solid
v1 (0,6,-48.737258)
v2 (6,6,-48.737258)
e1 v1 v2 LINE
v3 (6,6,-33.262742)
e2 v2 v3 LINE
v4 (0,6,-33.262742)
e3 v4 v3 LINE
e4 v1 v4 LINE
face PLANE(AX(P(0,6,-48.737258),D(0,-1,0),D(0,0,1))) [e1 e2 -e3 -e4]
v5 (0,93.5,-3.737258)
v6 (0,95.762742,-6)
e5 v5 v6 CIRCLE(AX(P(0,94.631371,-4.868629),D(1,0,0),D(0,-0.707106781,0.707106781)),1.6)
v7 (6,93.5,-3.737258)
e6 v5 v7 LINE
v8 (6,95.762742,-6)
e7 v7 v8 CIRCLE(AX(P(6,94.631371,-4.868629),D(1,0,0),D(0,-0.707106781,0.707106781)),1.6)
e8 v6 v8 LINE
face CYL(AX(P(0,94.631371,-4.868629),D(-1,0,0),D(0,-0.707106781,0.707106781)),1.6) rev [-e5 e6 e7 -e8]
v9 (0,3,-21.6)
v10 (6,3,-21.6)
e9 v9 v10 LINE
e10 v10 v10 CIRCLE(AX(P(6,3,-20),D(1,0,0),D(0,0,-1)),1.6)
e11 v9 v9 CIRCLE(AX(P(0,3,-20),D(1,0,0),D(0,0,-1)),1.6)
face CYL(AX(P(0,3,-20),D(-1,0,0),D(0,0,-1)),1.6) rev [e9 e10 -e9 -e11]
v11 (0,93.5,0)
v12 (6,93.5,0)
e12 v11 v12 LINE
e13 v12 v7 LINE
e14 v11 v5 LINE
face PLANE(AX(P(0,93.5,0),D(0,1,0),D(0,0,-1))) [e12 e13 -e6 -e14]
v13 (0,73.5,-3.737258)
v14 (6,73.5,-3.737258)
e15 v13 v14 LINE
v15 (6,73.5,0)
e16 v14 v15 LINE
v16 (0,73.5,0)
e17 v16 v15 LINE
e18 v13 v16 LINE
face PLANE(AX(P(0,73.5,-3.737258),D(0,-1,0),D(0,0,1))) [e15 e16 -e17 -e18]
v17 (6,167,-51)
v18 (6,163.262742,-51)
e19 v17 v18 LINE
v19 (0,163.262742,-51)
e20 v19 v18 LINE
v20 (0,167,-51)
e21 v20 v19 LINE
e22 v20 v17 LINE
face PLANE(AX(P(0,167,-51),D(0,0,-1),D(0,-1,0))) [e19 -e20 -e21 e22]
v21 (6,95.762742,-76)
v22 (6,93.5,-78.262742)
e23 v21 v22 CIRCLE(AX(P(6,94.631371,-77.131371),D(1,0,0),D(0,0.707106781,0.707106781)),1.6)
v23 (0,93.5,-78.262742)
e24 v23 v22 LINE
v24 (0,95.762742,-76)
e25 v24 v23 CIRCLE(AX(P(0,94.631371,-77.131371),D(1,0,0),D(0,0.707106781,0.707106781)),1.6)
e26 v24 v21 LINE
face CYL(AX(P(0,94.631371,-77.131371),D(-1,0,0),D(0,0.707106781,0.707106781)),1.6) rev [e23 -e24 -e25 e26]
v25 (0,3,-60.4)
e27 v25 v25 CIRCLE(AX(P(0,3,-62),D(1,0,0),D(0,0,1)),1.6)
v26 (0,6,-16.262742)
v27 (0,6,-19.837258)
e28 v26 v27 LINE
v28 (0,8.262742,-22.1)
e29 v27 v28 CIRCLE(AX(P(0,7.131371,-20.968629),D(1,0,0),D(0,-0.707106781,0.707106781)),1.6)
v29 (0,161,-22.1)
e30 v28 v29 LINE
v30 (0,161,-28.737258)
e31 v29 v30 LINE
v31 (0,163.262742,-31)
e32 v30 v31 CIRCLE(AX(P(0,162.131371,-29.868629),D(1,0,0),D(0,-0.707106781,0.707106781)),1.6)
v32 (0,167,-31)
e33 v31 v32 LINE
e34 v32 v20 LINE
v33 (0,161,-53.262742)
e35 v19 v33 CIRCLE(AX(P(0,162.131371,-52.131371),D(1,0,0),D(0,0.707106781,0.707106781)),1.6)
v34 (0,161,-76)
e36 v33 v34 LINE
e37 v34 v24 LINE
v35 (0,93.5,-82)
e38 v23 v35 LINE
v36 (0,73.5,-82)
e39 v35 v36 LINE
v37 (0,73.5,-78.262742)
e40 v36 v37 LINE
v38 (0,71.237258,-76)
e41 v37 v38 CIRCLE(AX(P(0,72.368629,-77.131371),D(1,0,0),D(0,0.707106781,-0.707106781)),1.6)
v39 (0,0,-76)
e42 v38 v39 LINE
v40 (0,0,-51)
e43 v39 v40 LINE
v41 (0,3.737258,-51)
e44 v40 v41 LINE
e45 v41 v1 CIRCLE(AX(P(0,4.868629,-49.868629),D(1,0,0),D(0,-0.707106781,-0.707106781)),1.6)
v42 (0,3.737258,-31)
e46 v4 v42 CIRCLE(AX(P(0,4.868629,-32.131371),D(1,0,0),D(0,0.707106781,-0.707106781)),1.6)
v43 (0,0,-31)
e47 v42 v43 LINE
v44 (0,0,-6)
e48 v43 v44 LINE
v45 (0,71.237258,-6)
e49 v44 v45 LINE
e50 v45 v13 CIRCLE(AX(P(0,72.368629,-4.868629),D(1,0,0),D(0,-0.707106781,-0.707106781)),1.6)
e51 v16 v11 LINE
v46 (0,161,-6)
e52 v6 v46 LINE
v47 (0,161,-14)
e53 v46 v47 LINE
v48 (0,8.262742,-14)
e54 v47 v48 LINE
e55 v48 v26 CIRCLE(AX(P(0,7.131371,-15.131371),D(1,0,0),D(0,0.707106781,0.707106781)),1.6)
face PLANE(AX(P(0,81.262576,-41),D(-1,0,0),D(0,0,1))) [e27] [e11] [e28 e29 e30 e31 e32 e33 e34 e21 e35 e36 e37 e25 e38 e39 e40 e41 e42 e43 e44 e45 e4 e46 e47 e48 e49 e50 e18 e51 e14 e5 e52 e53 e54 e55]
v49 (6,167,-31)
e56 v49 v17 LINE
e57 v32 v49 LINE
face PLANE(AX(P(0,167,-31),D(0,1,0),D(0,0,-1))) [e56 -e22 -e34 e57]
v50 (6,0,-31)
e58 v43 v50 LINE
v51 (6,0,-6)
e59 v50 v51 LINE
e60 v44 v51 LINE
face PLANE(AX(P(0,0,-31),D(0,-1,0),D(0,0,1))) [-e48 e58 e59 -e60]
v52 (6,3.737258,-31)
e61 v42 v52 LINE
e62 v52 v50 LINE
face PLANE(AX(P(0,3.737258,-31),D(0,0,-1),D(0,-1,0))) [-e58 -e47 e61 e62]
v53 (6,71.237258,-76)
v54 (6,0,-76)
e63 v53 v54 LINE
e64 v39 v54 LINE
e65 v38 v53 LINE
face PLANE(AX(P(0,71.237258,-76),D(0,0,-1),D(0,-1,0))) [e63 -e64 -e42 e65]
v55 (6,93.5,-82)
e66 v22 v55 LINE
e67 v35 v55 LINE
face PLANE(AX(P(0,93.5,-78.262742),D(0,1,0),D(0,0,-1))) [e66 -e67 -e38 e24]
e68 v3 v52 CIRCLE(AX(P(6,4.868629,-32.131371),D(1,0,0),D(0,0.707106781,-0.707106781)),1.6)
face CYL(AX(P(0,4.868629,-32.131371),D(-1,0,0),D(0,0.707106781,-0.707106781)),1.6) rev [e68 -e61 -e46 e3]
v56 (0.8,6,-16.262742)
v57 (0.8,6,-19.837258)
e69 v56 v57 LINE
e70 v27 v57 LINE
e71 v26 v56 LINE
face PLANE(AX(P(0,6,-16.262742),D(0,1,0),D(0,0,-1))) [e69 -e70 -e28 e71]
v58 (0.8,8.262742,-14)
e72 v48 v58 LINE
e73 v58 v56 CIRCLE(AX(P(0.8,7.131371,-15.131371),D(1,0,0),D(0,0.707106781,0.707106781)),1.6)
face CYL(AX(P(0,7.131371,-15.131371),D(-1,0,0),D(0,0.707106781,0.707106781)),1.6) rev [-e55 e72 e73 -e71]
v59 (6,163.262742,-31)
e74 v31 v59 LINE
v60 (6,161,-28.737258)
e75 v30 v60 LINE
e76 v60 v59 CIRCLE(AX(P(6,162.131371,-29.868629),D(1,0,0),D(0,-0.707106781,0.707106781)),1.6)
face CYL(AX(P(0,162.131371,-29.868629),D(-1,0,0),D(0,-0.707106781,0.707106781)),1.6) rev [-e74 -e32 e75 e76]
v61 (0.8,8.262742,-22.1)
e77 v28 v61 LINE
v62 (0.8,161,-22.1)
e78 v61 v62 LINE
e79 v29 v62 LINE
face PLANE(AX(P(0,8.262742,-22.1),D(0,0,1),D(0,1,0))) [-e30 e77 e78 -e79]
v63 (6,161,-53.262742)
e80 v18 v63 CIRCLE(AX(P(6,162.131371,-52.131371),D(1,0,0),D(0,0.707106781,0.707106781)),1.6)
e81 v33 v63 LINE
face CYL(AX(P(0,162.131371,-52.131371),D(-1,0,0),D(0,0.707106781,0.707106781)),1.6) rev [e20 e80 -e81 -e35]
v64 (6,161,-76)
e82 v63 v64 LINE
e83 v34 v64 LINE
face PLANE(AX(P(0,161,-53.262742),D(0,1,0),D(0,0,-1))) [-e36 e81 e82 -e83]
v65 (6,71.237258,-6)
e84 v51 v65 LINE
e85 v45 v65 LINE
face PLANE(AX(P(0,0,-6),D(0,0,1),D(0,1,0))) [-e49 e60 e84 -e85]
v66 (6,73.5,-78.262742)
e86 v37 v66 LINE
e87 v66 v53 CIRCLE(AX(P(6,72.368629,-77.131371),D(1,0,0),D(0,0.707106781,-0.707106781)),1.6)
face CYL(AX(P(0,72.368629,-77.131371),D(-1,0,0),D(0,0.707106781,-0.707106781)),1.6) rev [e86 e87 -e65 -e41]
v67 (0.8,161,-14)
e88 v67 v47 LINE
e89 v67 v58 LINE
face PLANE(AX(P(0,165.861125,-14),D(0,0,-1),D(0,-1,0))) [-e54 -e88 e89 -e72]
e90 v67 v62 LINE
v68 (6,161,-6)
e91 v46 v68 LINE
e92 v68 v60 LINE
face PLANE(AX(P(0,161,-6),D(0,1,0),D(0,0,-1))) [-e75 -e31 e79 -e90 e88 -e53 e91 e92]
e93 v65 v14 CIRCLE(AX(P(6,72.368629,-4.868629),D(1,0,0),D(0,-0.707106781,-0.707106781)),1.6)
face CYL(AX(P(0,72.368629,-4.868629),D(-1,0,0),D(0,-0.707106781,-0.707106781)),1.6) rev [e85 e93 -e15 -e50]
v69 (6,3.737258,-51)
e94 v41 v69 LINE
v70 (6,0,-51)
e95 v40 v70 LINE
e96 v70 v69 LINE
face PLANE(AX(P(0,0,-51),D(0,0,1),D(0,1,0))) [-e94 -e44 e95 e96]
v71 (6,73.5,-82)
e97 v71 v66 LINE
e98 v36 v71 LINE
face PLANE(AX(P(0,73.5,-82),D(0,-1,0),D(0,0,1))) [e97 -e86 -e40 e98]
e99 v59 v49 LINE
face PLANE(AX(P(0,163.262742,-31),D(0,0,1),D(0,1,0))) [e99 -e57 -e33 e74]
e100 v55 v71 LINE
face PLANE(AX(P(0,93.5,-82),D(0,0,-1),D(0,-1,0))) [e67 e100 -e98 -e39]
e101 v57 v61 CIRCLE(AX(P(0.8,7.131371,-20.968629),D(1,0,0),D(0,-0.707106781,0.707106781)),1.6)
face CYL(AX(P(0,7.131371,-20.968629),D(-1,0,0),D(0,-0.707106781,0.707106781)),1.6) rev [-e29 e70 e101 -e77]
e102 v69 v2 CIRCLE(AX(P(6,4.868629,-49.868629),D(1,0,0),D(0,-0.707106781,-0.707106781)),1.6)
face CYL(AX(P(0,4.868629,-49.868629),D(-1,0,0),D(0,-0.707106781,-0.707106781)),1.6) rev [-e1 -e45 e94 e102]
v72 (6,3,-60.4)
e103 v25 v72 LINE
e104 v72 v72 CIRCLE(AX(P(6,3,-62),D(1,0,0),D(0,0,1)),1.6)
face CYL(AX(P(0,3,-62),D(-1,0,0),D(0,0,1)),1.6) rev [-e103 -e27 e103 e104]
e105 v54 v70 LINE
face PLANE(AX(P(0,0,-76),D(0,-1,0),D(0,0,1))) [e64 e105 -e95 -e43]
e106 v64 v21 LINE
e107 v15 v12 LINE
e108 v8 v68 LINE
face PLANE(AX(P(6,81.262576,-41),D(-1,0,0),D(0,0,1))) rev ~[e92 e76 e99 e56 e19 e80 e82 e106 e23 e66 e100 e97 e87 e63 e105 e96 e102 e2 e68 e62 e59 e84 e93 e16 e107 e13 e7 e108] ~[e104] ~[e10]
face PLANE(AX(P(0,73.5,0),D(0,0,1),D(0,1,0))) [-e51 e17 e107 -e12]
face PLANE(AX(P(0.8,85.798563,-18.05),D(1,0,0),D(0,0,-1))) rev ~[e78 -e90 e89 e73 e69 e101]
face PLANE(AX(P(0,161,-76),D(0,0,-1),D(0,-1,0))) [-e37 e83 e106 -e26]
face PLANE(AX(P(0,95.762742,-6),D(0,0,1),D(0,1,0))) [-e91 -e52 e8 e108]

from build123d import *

# Parameters (mm, degrees)
ESQUISSE1_R             = 1.6
BOSS_EXTRU_1_DEPTH      = 6
ENL_V_MAT_EXTRU_1_DEPTH = 0.8


with BuildPart() as part:
    # Esquisse1 → Boss.-Extru.1 (new body)
    with BuildSketch(Plane(origin=(0, 0, 0), x_dir=(0, 0, -1), z_dir=(1, 0, 0))):
        with BuildLine():
            Line((3.7372583, 73.5), (0, 73.5))
            Line((0, 73.5), (0, 93.5))
            Line((0, 93.5), (3.7372583, 93.5))
            ThreePointArc((3.7372583, 93.5), (6, 93.5), (6, 95.7627417))
            Line((6, 95.7627417), (6, 161))
            Line((6, 161), (28.7372583, 161))
            ThreePointArc((28.7372583, 161), (31, 161), (31, 163.2627417))
            Line((31, 163.2627417), (31, 167))
            Line((31, 167), (51, 167))
            Line((51, 167), (51, 163.2627417))
            ThreePointArc((51, 163.2627417), (51, 161), (53.2627417, 161))
            Line((53.2627417, 161), (76, 161))
            Line((76, 161), (76, 95.7627417))
            ThreePointArc((76, 95.7627417), (76, 93.5), (78.2627417, 93.5))
            Line((78.2627417, 93.5), (82, 93.5))
            Line((82, 93.5), (82, 73.5))
            Line((82, 73.5), (78.2627417, 73.5))
            ThreePointArc((78.2627417, 73.5), (76, 73.5), (76, 71.2372583))
            Line((76, 71.2372583), (76, 0))
            Line((76, 0), (51, 0))
            Line((51, 0), (51, 3.7372583))
            ThreePointArc((51, 3.7372583), (51, 6), (48.7372583, 6))
            Line((48.7372583, 6), (33.2627417, 6))
            ThreePointArc((33.2627417, 6), (31, 6), (31, 3.7372583))
            Line((31, 3.7372583), (31, 0))
            Line((31, 0), (6, 0))
            Line((6, 0), (6, 71.2372583))
            ThreePointArc((6, 71.2372583), (6, 73.5), (3.7372583, 73.5))
        make_face()
        with Locations((20, 3)):
            Circle(ESQUISSE1_R, mode=Mode.SUBTRACT)
        with Locations(Location((62, 3, 0), (0, 0, 180))):  # turned: the seam where the file's is
            Circle(ESQUISSE1_R, mode=Mode.SUBTRACT)
    extrude(amount=BOSS_EXTRU_1_DEPTH)

    # Esquisse2 → Enlèv. mat.-Extru.1 (cut)
    with BuildSketch(Plane.ZY):
        with BuildLine():
            Line((-22.1, 165.86112534), (-14, 165.86112534))
            Line((-14, 165.86112534), (-14, 8.2627417))
            ThreePointArc((-14, 8.2627417), (-14, 6), (-16.2627417, 6))
            Line((-16.2627417, 6), (-19.8372583, 6))
            ThreePointArc((-19.8372583, 6), (-22.1, 6), (-22.1, 8.2627417))
            Line((-22.1, 8.2627417), (-22.1, 165.86112534))
        make_face()
    extrude(amount=-ENL_V_MAT_EXTRU_1_DEPTH, mode=Mode.SUBTRACT)


solid = part.part
